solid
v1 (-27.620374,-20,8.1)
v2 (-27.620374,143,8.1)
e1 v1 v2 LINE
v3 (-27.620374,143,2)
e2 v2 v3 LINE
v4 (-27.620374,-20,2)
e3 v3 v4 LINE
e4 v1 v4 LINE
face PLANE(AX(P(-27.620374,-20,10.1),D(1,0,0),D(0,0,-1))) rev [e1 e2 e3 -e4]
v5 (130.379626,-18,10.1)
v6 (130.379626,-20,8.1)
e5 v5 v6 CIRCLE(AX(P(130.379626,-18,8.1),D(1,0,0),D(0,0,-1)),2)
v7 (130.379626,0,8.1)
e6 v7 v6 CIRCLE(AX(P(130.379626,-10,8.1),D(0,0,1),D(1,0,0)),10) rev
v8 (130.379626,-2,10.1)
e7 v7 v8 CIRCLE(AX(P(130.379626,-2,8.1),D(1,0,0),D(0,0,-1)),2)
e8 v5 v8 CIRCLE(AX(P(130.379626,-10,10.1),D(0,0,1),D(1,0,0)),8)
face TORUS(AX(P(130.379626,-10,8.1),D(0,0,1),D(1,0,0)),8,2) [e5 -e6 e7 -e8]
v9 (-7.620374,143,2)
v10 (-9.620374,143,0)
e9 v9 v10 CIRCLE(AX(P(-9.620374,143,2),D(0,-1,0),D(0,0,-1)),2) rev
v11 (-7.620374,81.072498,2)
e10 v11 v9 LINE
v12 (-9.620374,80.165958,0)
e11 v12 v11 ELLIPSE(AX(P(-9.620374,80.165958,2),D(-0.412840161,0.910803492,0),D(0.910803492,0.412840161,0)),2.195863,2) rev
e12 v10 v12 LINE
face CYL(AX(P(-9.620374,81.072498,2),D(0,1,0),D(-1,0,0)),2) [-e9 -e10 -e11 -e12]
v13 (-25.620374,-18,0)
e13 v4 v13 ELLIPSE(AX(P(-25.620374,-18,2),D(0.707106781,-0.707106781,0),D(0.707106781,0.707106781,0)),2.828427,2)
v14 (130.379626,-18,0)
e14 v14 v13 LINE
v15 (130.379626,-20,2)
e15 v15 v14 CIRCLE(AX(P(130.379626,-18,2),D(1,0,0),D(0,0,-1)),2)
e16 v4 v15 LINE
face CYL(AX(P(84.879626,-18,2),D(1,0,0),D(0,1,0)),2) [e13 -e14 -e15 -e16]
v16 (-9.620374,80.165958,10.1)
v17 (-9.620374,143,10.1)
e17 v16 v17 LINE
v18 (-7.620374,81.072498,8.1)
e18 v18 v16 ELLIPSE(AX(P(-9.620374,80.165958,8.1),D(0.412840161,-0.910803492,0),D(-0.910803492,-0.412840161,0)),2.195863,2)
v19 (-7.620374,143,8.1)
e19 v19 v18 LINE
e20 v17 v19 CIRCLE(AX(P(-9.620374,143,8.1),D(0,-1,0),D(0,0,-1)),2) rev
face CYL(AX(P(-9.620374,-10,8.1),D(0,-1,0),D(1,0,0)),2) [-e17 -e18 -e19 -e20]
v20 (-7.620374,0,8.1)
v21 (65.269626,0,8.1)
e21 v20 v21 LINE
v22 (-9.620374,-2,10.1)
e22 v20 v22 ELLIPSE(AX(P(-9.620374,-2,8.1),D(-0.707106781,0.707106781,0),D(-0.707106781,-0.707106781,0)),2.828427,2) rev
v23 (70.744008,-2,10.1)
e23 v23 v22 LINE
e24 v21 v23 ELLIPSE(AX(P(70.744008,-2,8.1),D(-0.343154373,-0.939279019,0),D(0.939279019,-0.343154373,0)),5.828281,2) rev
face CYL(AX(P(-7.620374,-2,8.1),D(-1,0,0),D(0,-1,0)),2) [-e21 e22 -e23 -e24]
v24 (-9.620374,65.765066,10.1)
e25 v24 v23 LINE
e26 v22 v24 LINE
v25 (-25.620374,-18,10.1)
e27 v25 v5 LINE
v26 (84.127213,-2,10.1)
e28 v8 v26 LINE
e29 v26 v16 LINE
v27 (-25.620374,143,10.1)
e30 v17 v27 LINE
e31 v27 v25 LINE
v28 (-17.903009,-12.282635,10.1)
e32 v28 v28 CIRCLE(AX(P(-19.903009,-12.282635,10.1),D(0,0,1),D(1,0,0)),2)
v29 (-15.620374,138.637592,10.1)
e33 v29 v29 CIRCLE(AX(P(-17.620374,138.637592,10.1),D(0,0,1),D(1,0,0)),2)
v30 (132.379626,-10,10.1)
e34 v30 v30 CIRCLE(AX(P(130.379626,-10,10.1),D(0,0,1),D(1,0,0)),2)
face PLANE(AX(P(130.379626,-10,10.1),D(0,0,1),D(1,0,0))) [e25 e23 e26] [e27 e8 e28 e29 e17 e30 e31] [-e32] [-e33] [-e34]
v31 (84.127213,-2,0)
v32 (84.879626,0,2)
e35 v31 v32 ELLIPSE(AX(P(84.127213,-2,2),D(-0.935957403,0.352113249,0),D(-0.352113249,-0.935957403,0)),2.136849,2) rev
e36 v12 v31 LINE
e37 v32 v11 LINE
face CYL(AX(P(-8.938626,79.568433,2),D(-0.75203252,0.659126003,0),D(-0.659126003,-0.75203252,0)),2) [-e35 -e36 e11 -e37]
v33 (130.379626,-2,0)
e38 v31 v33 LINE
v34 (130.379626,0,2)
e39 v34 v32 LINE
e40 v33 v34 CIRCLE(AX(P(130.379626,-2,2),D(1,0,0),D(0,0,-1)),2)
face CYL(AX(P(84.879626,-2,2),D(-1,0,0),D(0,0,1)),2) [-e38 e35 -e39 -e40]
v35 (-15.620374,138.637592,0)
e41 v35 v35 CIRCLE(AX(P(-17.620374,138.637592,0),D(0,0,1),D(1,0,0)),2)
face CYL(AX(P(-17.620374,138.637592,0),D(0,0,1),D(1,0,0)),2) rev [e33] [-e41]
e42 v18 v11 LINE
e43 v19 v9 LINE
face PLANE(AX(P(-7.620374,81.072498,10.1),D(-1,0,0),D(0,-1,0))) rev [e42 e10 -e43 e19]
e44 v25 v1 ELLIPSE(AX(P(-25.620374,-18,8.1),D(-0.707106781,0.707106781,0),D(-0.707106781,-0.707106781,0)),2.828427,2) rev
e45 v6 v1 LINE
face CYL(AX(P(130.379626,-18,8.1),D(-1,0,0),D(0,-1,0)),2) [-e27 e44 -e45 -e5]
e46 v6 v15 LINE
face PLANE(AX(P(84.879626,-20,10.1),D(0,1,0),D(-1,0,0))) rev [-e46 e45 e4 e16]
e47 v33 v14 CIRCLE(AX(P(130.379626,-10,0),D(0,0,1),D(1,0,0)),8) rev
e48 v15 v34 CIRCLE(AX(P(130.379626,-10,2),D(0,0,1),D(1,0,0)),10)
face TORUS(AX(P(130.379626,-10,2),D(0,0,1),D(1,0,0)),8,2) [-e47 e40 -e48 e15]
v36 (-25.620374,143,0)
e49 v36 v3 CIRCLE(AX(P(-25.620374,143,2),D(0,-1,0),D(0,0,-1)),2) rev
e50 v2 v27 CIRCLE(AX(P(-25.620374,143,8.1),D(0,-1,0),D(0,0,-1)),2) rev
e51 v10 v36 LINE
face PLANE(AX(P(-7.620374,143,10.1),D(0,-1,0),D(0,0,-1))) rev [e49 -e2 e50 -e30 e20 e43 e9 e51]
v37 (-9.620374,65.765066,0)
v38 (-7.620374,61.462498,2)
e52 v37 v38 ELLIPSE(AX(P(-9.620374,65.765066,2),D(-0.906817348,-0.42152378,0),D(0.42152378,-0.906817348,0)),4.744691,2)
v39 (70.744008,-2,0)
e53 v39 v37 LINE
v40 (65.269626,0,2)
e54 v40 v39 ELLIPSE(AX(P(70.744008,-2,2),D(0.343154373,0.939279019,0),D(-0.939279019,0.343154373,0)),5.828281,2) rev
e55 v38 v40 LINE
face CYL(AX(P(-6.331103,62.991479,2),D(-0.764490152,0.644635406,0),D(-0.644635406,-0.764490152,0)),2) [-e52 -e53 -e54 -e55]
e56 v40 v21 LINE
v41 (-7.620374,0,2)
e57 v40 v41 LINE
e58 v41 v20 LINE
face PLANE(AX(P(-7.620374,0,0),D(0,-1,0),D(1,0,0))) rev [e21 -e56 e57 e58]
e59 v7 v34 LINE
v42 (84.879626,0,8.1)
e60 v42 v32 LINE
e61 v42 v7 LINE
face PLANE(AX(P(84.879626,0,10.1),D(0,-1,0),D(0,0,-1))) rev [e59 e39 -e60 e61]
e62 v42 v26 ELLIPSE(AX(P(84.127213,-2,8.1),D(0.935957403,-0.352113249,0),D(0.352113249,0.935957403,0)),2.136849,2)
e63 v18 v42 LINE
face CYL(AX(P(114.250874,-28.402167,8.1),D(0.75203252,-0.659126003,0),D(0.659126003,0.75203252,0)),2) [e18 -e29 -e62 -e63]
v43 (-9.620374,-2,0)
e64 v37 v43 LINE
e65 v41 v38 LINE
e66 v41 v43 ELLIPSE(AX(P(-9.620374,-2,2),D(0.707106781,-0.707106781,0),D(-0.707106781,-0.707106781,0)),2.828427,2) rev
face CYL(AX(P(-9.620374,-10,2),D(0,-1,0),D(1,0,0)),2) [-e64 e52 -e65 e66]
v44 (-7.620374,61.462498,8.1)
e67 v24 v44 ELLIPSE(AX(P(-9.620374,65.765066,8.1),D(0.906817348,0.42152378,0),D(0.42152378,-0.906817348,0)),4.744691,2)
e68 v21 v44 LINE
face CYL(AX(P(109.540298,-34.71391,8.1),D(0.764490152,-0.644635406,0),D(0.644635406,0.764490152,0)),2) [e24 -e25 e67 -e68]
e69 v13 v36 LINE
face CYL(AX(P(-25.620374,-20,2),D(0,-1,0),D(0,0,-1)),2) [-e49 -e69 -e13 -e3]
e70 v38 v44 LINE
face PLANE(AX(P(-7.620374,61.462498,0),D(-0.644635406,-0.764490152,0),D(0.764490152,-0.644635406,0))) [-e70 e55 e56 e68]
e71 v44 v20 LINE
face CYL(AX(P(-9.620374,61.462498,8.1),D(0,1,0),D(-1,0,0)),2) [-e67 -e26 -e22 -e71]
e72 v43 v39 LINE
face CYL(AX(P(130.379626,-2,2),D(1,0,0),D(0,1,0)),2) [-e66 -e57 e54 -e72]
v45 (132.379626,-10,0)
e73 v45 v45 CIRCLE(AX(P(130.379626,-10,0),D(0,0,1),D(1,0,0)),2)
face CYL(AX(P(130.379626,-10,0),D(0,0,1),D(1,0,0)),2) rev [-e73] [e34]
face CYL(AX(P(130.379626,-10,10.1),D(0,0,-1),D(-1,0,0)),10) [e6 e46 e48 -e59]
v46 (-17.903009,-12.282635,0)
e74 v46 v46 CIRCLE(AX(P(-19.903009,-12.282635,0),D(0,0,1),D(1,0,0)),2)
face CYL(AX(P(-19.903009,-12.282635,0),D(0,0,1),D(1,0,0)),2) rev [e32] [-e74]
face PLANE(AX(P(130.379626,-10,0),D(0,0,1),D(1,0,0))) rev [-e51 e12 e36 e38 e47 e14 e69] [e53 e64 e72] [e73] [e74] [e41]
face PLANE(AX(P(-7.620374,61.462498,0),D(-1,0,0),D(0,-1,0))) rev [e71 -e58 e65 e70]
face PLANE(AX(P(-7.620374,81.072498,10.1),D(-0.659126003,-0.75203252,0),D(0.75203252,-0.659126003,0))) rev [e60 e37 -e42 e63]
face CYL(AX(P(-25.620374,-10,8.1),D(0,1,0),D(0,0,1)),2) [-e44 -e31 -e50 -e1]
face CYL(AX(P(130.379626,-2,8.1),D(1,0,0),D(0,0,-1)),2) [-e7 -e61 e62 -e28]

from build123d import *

# Parameters (mm, degrees)
SALIENTE_EXTRUIR1_DEPTH = 10.1
CORTAR_EXTRUIR1_DEPTH   = 10.1
REDONDEO1_R             = 2
CROQUIS3_R              = 2
CORTAR_EXTRUIR2_DEPTH   = 10.1


with BuildPart() as part:
    # Croquis1 → Saliente-Extruir1 (new body)
    with BuildSketch(Plane.XY):
        with BuildLine():
            Line((84.879626458, -20), (-27.620373542, -20))
            Line((-27.620373542, -20), (-27.620373542, 81.07249842))
            Line((-27.620373542, 81.07249842), (-27.620373542, 143))
            Line((-27.620373542, 143), (-7.620373542, 143))
            Line((-7.620373542, 143), (-7.620373542, 81.07249842))
            Line((-7.620373542, 81.07249842), (84.879626458, 0))
            Line((84.879626458, 0), (130.379626458, 0))
            ThreePointArc((130.379626458, 0), (140.379626458, -10), (130.379626458, -20))
            Line((130.379626458, -20), (84.879626458, -20))
        make_face()
    extrude(amount=SALIENTE_EXTRUIR1_DEPTH)

    # Croquis2 → Cortar-Extruir1 (cut)
    with BuildSketch(Plane.XY.offset(10.1)):
        Polygon((-7.620373542, 61.46249842), (-7.620373542, 0), (65.269626458, 0), align=None)
    extrude(amount=-CORTAR_EXTRUIR1_DEPTH, mode=Mode.SUBTRACT)

    # Redondeo1
    redondeo1_edges = [part.edges().sort_by_distance(p)[0] for p in [
        (-7.620373542, 112.03624921, 0),
        (38.629626458, 40.53624921, 0),
        (107.629626458, 0, 0),
        (140.379626458, -10, 0),
        (107.629626458, 0, 10.1),
        (38.629626458, 40.53624921, 10.1),
        (-7.620373542, 112.03624921, 10.1),
        (-27.620373542, 61.5, 10.1),
        (-7.620373542, 30.73124921, 0),
        (28.824626458, 30.73124921, 10.1),
        (28.824626458, 0, 0),
        (28.824626458, 30.73124921, 0),
        (-7.620373542, 30.73124921, 10.1),
        (28.824626458, 0, 10.1),
        (51.379626458, -20, 10.1),
        (140.379626458, -10, 10.1),
        (51.379626458, -20, 0),
        (-27.620373542, 61.5, 0),
    ]]
    fillet(redondeo1_edges, radius=REDONDEO1_R)

    # Croquis3 → Cortar-Extruir2 (cut)
    with BuildSketch(Plane.XY.offset(10.1)):
        with Locations((130.379626458, -10)):
            Circle(CROQUIS3_R)
        with Locations((-19.903008845, -12.282635303)):
            Circle(CROQUIS3_R)
        with Locations((-17.620373542, 138.637591641)):
            Circle(CROQUIS3_R)
    extrude(amount=-CORTAR_EXTRUIR2_DEPTH, mode=Mode.SUBTRACT)


solid = part.part
